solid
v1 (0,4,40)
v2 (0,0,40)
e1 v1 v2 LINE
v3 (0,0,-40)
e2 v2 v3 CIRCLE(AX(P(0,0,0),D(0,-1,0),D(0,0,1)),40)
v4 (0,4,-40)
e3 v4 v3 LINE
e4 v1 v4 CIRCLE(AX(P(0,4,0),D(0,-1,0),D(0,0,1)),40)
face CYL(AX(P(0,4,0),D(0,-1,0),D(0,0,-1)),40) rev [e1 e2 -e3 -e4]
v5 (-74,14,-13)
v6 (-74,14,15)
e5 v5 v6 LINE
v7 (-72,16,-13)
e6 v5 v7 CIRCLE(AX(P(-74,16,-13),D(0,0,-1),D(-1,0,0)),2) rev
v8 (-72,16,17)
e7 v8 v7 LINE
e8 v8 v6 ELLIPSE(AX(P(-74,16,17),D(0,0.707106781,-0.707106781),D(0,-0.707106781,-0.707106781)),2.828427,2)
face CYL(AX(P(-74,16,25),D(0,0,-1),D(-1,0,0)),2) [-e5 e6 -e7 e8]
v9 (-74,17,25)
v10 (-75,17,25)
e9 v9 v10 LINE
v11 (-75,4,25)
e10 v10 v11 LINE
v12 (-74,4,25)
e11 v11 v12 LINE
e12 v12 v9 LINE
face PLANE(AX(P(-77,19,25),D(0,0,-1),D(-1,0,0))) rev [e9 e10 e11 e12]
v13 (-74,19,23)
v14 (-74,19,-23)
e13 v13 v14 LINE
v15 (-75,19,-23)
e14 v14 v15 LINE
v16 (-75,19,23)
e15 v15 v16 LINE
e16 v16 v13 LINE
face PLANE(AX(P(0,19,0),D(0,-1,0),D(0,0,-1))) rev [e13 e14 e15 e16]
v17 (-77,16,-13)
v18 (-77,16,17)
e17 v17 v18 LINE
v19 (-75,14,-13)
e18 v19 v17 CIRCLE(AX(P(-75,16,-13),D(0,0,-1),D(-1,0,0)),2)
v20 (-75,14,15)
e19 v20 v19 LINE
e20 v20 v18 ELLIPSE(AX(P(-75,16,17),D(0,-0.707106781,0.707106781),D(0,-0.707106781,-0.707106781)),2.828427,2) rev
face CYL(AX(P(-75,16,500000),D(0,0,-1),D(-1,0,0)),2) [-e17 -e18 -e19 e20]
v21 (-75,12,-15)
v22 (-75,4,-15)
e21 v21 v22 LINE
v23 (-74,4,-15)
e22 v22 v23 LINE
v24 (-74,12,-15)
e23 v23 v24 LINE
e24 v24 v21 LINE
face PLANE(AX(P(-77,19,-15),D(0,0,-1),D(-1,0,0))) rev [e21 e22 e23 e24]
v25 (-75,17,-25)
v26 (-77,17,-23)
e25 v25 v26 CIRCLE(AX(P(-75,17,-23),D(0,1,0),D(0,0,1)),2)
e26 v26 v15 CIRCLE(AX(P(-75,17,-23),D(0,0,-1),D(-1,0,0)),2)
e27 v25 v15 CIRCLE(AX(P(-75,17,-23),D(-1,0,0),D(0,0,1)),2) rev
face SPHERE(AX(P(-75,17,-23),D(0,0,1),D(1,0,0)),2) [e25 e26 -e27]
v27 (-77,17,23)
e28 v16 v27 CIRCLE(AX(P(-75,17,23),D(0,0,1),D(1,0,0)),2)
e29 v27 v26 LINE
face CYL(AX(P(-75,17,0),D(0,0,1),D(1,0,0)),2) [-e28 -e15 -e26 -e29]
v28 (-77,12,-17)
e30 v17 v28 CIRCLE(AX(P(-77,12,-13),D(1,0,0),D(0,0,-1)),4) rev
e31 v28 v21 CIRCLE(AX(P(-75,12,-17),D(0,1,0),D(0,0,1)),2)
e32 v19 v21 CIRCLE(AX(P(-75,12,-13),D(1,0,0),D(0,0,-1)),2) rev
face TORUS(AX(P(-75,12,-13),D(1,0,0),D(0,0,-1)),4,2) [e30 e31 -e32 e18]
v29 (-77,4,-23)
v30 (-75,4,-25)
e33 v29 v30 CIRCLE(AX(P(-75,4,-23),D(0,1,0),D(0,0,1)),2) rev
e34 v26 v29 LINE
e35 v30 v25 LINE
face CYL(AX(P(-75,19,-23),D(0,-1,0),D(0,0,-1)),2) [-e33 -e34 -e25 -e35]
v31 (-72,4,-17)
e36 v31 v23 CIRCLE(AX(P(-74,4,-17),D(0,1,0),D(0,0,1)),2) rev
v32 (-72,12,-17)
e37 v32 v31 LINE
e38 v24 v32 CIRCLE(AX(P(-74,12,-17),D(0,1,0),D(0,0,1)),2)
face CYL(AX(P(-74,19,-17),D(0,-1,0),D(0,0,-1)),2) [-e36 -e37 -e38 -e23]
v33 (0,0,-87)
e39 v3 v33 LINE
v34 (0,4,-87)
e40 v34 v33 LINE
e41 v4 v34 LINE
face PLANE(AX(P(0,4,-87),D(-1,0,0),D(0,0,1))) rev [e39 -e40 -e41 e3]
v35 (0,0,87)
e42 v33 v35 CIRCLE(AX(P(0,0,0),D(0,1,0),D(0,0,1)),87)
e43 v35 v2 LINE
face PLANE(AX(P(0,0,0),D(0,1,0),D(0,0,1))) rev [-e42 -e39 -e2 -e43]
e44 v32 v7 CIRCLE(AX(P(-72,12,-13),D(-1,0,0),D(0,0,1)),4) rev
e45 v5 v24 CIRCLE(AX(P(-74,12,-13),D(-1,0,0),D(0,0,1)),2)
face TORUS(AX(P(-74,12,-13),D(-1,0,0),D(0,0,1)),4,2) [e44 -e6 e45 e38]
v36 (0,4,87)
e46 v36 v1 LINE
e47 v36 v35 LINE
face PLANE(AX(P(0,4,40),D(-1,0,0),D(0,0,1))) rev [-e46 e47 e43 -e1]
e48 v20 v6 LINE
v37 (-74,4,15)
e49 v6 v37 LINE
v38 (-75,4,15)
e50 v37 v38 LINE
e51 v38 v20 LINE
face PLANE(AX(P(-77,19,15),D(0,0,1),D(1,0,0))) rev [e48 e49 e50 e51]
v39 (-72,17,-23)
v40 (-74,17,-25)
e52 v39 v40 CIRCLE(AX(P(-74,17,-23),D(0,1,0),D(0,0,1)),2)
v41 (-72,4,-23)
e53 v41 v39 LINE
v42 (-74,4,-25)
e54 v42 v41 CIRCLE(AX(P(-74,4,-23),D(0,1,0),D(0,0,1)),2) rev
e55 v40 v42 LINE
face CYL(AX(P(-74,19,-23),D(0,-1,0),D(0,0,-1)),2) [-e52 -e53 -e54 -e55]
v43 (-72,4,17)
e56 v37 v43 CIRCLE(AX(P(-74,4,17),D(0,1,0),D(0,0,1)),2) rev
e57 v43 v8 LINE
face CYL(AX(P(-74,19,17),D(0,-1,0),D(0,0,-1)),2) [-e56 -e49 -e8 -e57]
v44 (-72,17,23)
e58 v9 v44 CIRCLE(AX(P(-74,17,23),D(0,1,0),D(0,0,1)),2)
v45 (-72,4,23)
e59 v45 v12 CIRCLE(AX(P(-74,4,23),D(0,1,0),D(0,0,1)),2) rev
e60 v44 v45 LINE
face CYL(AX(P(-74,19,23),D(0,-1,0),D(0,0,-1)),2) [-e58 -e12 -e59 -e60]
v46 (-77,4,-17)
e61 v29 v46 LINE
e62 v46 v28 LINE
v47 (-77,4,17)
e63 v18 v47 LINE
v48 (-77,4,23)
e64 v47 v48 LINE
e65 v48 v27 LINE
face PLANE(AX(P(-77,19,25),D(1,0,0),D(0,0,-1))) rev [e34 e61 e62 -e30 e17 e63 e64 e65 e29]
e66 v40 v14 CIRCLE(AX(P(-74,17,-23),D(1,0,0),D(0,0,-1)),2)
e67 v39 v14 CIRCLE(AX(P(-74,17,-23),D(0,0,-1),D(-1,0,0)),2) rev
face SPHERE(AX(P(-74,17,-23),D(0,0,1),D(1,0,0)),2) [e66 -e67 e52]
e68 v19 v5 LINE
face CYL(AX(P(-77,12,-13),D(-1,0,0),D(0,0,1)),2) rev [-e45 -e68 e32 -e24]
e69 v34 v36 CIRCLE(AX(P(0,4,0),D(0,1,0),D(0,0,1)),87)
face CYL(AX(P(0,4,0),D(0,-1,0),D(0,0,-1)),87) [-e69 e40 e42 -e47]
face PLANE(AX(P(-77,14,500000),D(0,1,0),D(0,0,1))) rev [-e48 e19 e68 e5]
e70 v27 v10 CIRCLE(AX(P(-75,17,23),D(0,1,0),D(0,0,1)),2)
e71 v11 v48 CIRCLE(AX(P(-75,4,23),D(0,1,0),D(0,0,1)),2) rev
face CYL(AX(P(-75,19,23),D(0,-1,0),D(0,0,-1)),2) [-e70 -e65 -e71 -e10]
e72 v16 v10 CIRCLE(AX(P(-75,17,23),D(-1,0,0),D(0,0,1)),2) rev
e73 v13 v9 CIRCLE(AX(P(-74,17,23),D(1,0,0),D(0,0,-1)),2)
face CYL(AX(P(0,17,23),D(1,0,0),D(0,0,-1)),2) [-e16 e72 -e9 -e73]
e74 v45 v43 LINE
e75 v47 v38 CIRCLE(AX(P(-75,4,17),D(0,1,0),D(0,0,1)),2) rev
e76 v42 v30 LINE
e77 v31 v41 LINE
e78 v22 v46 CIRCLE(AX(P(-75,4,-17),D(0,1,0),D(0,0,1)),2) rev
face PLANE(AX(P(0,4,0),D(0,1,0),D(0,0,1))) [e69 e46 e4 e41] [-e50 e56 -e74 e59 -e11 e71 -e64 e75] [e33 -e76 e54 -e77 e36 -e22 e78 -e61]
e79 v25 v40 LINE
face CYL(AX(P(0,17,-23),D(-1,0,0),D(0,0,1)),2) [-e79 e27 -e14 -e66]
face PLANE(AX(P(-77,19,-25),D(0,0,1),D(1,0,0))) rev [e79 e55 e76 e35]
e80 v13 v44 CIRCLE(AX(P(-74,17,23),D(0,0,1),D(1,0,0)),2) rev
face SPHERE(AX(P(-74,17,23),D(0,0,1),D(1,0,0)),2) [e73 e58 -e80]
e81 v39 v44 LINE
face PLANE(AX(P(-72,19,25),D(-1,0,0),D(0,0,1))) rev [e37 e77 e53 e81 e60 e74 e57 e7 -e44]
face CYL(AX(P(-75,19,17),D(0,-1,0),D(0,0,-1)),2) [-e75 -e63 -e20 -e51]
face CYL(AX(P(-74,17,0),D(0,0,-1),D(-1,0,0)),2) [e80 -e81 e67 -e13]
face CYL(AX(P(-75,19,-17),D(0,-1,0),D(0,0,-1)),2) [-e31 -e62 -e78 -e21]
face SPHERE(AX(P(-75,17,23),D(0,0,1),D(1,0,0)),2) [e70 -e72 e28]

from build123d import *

# Parameters (mm, degrees)
BOSS_EXTRUDE1_DEPTH = 4
SKETCH2_W           = 5
SKETCH2_H           = 10
BOSS_EXTRUDE2_DEPTH = 15
BOSS_EXTRUDE3_REACH = 137.403
SKETCH3_W           = 5
SKETCH3_H           = 5
FILLET1_R           = 2


with BuildPart() as part:
    # Sketch1 → Boss-Extrude1 (new body)
    with BuildSketch(Plane(origin=(0, 0, 0), x_dir=(1, 0, 0), z_dir=(0, 1, 0))):
        with BuildLine():
            Line((0, 87), (0, 40))
            ThreePointArc((0, 40), (-40, 0), (0, -40))
            Line((0, -40), (0, -87))
            ThreePointArc((0, -87), (-87, 0), (0, 87))
        make_face()
    extrude(amount=BOSS_EXTRUDE1_DEPTH)

    # Sketch2 → Boss-Extrude2 (add)
    with BuildSketch(Plane(origin=(0, 4, 0), x_dir=(1, 0, 0), z_dir=(0, 1, 0))):
        with Locations((-74.5, -20)):
            Rectangle(SKETCH2_W, SKETCH2_H)
        with Locations((-74.5, 20)):
            Rectangle(SKETCH2_W, SKETCH2_H)
    extrude(amount=BOSS_EXTRUDE2_DEPTH)

    # Sketch3 → Boss-Extrude3 (add, up to next)
    with BuildSketch(Plane.XY.offset(-15), mode=Mode.PRIVATE) as boss_extrude3_sk1:
        with Locations((-74.5, 16.5)):
            Rectangle(SKETCH3_W, SKETCH3_H)
    boss_extrude3_tool1 = extrude(boss_extrude3_sk1.sketch, amount=BOSS_EXTRUDE3_REACH, mode=Mode.PRIVATE) - part.part
    add(boss_extrude3_tool1.solids().sort_by_distance((-74.5, 16.5, -15))[0])

    # Fillet1
    fillet1_edges = [part.edges().sort_by_distance(p)[0] for p in [
        (-77, 11.5, 25),
        (-72, 11.5, 25),
        (-77, 19, 0),
        (-74.5, 19, 25),
        (-72, 19, 0),
        (-77, 11.5, -25),
        (-72, 11.5, -25),
        (-74.5, 19, -25),
        (-72, 9, -15),
        (-77, 9, -15),
        (-77, 9, 15),
        (-72, 9, 15),
        (-72, 14, 0),
        (-77, 14, 0),
        (-74.5, 14, -15),
    ]]
    fillet(fillet1_edges, radius=FILLET1_R)


solid = part.part
